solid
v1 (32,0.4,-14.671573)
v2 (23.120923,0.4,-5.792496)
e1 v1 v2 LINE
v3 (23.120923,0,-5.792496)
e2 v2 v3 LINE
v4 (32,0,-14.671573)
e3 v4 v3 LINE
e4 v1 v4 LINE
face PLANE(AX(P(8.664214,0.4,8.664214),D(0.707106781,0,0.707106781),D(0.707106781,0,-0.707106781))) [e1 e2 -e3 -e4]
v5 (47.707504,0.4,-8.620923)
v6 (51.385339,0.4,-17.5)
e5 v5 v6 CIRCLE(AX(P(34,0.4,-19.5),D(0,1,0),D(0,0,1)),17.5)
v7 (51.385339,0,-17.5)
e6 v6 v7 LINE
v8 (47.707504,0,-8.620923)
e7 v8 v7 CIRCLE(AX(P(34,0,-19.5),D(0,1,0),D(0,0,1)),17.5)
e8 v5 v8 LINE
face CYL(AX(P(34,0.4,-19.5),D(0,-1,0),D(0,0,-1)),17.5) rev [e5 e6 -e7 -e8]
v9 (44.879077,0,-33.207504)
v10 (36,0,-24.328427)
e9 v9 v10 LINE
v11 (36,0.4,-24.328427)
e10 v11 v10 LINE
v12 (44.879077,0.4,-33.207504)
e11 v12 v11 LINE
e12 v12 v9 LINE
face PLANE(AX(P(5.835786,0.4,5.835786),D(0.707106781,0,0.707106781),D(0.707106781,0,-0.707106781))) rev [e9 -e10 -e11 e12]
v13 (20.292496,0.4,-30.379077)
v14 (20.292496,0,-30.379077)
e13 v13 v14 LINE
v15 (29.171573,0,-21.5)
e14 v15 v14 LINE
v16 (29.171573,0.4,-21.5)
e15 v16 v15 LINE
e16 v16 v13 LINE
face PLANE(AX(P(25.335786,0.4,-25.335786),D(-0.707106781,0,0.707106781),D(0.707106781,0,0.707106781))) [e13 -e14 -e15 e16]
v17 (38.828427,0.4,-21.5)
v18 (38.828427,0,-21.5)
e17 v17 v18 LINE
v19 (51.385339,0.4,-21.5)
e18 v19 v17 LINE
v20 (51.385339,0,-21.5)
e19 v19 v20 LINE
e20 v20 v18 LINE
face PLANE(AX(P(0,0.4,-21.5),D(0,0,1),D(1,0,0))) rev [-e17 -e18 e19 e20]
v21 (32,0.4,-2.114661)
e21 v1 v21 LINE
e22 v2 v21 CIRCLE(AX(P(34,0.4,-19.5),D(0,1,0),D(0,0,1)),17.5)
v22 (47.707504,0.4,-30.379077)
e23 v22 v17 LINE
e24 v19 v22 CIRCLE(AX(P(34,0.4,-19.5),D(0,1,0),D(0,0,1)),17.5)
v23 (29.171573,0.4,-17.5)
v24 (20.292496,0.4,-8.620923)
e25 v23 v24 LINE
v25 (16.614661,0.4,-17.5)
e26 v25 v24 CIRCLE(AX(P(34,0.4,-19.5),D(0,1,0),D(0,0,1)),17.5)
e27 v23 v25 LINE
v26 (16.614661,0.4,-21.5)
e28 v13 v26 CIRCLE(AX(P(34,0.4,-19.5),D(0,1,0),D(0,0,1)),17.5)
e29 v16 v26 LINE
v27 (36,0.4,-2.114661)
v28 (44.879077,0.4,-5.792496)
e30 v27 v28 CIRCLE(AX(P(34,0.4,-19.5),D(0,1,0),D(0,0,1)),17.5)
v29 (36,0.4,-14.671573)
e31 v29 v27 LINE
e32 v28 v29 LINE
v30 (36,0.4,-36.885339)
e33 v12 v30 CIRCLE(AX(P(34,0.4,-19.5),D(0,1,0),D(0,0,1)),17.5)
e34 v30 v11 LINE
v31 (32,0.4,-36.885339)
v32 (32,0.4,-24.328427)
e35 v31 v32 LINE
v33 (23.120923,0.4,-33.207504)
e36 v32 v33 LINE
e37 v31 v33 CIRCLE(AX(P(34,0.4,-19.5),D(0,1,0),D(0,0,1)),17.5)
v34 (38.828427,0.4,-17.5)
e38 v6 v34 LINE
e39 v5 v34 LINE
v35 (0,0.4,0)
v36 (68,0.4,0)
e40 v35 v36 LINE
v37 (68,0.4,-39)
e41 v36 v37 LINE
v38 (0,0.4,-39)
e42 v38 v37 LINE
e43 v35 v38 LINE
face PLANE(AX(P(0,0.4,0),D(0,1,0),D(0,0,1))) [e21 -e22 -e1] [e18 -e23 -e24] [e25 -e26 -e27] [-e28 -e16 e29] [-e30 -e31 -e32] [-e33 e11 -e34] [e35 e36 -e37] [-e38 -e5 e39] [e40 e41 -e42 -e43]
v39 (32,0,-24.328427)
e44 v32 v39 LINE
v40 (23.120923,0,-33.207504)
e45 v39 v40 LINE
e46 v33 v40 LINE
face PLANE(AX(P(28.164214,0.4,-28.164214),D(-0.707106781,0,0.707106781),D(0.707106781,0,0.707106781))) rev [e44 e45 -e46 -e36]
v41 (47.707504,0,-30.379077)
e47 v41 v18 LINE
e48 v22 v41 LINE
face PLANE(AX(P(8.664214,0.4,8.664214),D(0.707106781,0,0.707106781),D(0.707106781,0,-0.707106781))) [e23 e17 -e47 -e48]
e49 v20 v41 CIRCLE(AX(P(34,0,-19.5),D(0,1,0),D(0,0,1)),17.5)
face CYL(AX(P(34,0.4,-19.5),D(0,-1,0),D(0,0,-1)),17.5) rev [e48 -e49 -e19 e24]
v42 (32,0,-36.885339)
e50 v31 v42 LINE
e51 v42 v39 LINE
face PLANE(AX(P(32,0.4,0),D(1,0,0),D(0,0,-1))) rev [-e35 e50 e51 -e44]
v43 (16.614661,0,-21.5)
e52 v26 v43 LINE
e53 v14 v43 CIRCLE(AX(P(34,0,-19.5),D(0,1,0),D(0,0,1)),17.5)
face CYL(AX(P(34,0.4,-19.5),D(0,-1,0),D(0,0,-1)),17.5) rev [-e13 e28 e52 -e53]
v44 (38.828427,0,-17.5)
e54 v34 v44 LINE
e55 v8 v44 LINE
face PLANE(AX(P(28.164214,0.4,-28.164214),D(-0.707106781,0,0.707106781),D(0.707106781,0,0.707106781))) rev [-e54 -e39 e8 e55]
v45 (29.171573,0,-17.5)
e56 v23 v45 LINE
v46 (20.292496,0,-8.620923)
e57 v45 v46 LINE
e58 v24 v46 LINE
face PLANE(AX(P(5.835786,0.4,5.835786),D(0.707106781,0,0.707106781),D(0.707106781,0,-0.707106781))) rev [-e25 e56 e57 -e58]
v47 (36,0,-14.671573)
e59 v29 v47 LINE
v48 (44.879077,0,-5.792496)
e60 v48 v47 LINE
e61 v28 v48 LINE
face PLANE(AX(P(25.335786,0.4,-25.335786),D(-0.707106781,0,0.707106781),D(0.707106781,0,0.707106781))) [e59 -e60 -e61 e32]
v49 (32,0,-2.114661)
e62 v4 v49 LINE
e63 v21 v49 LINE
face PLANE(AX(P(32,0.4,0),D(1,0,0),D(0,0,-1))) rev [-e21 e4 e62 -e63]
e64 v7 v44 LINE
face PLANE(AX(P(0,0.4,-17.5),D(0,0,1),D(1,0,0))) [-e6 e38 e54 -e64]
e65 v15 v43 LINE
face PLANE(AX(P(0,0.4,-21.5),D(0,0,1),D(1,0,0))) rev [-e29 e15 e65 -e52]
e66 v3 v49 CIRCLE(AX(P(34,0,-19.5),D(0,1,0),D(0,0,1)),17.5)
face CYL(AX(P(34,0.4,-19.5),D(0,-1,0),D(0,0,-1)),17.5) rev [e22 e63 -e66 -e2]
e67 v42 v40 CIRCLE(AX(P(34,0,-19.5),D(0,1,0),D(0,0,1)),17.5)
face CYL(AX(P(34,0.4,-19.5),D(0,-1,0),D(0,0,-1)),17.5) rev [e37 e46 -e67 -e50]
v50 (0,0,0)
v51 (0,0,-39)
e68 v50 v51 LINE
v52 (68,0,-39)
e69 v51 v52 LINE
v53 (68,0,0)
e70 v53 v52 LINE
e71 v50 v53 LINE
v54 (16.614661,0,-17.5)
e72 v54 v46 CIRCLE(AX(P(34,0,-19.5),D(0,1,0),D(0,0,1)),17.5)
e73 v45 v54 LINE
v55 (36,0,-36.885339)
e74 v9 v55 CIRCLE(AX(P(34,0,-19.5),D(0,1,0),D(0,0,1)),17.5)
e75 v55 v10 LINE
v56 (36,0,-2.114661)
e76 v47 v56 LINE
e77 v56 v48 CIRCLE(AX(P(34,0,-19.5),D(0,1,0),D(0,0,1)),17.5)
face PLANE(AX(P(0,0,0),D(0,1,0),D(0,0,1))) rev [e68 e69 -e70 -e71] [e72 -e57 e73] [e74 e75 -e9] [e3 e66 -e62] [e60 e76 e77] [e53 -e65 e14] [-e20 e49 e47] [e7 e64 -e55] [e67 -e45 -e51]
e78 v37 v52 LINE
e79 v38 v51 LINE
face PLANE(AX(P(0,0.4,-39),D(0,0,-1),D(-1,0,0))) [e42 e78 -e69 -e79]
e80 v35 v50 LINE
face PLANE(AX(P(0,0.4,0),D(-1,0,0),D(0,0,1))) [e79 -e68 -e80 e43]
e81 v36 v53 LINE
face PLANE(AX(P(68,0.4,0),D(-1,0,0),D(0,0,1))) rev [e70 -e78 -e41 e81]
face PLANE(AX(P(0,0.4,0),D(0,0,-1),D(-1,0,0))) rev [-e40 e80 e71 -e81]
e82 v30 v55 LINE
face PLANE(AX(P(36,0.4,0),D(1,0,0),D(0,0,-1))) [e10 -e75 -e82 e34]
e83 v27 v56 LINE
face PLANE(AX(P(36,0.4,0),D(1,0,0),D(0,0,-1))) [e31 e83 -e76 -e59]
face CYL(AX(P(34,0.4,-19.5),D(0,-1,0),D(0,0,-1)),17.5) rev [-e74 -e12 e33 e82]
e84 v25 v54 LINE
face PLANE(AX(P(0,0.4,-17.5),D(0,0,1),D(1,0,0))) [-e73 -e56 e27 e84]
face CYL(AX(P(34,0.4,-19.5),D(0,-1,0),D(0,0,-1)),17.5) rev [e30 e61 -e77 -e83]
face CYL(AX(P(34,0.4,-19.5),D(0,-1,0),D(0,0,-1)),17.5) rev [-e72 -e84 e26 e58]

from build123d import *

# Parameters (mm, degrees)
SKETCH1_W           = 68
SKETCH1_H           = 39
BOSS_EXTRUDE1_DEPTH = 0.4


with BuildPart() as part:
    # Sketch1 → Boss-Extrude1 (new body)
    with BuildSketch(Plane(origin=(0, 0, 0), x_dir=(1, 0, 0), z_dir=(0, 1, 0))):
        with Locations((34, 19.5)):
            Rectangle(SKETCH1_W, SKETCH1_H)
        with BuildLine():
            ThreePointArc((20.292495584, 30.379077291), (17.832108181, 26.196960066), (16.614661349, 21.5))
            Line((16.614661349, 21.5), (29.171572875, 21.5))
            Line((29.171572875, 21.5), (20.292495584, 30.379077291))
        make_face(mode=Mode.SUBTRACT)
        with BuildLine():
            ThreePointArc((32, 36.885338651), (27.303039934, 35.667891819), (23.120922709, 33.207504416))
            Line((23.120922709, 33.207504416), (32, 24.328427125))
            Line((32, 24.328427125), (32, 36.885338651))
        make_face(mode=Mode.SUBTRACT)
        with BuildLine():
            ThreePointArc((44.879077291, 33.207504416), (40.696960066, 35.667891819), (36, 36.885338651))
            Line((36, 36.885338651), (36, 24.328427125))
            Line((36, 24.328427125), (44.879077291, 33.207504416))
        make_face(mode=Mode.SUBTRACT)
        with BuildLine():
            ThreePointArc((51.385338651, 21.5), (50.167891819, 26.196960066), (47.707504416, 30.379077291))
            Line((47.707504416, 30.379077291), (38.828427125, 21.5))
            Line((38.828427125, 21.5), (51.385338651, 21.5))
        make_face(mode=Mode.SUBTRACT)
        with BuildLine():
            ThreePointArc((47.707504416, 8.620922709), (50.167891819, 12.803039934), (51.385338651, 17.5))
            Line((51.385338651, 17.5), (38.828427125, 17.5))
            Line((38.828427125, 17.5), (47.707504416, 8.620922709))
        make_face(mode=Mode.SUBTRACT)
        with BuildLine():
            ThreePointArc((36, 2.114661349), (40.696960066, 3.332108181), (44.879077291, 5.792495584))
            Line((44.879077291, 5.792495584), (36, 14.671572875))
            Line((36, 14.671572875), (36, 2.114661349))
        make_face(mode=Mode.SUBTRACT)
        with BuildLine():
            ThreePointArc((23.120922709, 5.792495584), (27.303039934, 3.332108181), (32, 2.114661349))
            Line((32, 2.114661349), (32, 14.671572875))
            Line((32, 14.671572875), (23.120922709, 5.792495584))
        make_face(mode=Mode.SUBTRACT)
        with BuildLine():
            ThreePointArc((16.614661349, 17.5), (17.832108181, 12.803039934), (20.292495584, 8.620922709))
            Line((20.292495584, 8.620922709), (29.171572875, 17.5))
            Line((29.171572875, 17.5), (16.614661349, 17.5))
        make_face(mode=Mode.SUBTRACT)
    extrude(amount=BOSS_EXTRUDE1_DEPTH)


solid = part.part
